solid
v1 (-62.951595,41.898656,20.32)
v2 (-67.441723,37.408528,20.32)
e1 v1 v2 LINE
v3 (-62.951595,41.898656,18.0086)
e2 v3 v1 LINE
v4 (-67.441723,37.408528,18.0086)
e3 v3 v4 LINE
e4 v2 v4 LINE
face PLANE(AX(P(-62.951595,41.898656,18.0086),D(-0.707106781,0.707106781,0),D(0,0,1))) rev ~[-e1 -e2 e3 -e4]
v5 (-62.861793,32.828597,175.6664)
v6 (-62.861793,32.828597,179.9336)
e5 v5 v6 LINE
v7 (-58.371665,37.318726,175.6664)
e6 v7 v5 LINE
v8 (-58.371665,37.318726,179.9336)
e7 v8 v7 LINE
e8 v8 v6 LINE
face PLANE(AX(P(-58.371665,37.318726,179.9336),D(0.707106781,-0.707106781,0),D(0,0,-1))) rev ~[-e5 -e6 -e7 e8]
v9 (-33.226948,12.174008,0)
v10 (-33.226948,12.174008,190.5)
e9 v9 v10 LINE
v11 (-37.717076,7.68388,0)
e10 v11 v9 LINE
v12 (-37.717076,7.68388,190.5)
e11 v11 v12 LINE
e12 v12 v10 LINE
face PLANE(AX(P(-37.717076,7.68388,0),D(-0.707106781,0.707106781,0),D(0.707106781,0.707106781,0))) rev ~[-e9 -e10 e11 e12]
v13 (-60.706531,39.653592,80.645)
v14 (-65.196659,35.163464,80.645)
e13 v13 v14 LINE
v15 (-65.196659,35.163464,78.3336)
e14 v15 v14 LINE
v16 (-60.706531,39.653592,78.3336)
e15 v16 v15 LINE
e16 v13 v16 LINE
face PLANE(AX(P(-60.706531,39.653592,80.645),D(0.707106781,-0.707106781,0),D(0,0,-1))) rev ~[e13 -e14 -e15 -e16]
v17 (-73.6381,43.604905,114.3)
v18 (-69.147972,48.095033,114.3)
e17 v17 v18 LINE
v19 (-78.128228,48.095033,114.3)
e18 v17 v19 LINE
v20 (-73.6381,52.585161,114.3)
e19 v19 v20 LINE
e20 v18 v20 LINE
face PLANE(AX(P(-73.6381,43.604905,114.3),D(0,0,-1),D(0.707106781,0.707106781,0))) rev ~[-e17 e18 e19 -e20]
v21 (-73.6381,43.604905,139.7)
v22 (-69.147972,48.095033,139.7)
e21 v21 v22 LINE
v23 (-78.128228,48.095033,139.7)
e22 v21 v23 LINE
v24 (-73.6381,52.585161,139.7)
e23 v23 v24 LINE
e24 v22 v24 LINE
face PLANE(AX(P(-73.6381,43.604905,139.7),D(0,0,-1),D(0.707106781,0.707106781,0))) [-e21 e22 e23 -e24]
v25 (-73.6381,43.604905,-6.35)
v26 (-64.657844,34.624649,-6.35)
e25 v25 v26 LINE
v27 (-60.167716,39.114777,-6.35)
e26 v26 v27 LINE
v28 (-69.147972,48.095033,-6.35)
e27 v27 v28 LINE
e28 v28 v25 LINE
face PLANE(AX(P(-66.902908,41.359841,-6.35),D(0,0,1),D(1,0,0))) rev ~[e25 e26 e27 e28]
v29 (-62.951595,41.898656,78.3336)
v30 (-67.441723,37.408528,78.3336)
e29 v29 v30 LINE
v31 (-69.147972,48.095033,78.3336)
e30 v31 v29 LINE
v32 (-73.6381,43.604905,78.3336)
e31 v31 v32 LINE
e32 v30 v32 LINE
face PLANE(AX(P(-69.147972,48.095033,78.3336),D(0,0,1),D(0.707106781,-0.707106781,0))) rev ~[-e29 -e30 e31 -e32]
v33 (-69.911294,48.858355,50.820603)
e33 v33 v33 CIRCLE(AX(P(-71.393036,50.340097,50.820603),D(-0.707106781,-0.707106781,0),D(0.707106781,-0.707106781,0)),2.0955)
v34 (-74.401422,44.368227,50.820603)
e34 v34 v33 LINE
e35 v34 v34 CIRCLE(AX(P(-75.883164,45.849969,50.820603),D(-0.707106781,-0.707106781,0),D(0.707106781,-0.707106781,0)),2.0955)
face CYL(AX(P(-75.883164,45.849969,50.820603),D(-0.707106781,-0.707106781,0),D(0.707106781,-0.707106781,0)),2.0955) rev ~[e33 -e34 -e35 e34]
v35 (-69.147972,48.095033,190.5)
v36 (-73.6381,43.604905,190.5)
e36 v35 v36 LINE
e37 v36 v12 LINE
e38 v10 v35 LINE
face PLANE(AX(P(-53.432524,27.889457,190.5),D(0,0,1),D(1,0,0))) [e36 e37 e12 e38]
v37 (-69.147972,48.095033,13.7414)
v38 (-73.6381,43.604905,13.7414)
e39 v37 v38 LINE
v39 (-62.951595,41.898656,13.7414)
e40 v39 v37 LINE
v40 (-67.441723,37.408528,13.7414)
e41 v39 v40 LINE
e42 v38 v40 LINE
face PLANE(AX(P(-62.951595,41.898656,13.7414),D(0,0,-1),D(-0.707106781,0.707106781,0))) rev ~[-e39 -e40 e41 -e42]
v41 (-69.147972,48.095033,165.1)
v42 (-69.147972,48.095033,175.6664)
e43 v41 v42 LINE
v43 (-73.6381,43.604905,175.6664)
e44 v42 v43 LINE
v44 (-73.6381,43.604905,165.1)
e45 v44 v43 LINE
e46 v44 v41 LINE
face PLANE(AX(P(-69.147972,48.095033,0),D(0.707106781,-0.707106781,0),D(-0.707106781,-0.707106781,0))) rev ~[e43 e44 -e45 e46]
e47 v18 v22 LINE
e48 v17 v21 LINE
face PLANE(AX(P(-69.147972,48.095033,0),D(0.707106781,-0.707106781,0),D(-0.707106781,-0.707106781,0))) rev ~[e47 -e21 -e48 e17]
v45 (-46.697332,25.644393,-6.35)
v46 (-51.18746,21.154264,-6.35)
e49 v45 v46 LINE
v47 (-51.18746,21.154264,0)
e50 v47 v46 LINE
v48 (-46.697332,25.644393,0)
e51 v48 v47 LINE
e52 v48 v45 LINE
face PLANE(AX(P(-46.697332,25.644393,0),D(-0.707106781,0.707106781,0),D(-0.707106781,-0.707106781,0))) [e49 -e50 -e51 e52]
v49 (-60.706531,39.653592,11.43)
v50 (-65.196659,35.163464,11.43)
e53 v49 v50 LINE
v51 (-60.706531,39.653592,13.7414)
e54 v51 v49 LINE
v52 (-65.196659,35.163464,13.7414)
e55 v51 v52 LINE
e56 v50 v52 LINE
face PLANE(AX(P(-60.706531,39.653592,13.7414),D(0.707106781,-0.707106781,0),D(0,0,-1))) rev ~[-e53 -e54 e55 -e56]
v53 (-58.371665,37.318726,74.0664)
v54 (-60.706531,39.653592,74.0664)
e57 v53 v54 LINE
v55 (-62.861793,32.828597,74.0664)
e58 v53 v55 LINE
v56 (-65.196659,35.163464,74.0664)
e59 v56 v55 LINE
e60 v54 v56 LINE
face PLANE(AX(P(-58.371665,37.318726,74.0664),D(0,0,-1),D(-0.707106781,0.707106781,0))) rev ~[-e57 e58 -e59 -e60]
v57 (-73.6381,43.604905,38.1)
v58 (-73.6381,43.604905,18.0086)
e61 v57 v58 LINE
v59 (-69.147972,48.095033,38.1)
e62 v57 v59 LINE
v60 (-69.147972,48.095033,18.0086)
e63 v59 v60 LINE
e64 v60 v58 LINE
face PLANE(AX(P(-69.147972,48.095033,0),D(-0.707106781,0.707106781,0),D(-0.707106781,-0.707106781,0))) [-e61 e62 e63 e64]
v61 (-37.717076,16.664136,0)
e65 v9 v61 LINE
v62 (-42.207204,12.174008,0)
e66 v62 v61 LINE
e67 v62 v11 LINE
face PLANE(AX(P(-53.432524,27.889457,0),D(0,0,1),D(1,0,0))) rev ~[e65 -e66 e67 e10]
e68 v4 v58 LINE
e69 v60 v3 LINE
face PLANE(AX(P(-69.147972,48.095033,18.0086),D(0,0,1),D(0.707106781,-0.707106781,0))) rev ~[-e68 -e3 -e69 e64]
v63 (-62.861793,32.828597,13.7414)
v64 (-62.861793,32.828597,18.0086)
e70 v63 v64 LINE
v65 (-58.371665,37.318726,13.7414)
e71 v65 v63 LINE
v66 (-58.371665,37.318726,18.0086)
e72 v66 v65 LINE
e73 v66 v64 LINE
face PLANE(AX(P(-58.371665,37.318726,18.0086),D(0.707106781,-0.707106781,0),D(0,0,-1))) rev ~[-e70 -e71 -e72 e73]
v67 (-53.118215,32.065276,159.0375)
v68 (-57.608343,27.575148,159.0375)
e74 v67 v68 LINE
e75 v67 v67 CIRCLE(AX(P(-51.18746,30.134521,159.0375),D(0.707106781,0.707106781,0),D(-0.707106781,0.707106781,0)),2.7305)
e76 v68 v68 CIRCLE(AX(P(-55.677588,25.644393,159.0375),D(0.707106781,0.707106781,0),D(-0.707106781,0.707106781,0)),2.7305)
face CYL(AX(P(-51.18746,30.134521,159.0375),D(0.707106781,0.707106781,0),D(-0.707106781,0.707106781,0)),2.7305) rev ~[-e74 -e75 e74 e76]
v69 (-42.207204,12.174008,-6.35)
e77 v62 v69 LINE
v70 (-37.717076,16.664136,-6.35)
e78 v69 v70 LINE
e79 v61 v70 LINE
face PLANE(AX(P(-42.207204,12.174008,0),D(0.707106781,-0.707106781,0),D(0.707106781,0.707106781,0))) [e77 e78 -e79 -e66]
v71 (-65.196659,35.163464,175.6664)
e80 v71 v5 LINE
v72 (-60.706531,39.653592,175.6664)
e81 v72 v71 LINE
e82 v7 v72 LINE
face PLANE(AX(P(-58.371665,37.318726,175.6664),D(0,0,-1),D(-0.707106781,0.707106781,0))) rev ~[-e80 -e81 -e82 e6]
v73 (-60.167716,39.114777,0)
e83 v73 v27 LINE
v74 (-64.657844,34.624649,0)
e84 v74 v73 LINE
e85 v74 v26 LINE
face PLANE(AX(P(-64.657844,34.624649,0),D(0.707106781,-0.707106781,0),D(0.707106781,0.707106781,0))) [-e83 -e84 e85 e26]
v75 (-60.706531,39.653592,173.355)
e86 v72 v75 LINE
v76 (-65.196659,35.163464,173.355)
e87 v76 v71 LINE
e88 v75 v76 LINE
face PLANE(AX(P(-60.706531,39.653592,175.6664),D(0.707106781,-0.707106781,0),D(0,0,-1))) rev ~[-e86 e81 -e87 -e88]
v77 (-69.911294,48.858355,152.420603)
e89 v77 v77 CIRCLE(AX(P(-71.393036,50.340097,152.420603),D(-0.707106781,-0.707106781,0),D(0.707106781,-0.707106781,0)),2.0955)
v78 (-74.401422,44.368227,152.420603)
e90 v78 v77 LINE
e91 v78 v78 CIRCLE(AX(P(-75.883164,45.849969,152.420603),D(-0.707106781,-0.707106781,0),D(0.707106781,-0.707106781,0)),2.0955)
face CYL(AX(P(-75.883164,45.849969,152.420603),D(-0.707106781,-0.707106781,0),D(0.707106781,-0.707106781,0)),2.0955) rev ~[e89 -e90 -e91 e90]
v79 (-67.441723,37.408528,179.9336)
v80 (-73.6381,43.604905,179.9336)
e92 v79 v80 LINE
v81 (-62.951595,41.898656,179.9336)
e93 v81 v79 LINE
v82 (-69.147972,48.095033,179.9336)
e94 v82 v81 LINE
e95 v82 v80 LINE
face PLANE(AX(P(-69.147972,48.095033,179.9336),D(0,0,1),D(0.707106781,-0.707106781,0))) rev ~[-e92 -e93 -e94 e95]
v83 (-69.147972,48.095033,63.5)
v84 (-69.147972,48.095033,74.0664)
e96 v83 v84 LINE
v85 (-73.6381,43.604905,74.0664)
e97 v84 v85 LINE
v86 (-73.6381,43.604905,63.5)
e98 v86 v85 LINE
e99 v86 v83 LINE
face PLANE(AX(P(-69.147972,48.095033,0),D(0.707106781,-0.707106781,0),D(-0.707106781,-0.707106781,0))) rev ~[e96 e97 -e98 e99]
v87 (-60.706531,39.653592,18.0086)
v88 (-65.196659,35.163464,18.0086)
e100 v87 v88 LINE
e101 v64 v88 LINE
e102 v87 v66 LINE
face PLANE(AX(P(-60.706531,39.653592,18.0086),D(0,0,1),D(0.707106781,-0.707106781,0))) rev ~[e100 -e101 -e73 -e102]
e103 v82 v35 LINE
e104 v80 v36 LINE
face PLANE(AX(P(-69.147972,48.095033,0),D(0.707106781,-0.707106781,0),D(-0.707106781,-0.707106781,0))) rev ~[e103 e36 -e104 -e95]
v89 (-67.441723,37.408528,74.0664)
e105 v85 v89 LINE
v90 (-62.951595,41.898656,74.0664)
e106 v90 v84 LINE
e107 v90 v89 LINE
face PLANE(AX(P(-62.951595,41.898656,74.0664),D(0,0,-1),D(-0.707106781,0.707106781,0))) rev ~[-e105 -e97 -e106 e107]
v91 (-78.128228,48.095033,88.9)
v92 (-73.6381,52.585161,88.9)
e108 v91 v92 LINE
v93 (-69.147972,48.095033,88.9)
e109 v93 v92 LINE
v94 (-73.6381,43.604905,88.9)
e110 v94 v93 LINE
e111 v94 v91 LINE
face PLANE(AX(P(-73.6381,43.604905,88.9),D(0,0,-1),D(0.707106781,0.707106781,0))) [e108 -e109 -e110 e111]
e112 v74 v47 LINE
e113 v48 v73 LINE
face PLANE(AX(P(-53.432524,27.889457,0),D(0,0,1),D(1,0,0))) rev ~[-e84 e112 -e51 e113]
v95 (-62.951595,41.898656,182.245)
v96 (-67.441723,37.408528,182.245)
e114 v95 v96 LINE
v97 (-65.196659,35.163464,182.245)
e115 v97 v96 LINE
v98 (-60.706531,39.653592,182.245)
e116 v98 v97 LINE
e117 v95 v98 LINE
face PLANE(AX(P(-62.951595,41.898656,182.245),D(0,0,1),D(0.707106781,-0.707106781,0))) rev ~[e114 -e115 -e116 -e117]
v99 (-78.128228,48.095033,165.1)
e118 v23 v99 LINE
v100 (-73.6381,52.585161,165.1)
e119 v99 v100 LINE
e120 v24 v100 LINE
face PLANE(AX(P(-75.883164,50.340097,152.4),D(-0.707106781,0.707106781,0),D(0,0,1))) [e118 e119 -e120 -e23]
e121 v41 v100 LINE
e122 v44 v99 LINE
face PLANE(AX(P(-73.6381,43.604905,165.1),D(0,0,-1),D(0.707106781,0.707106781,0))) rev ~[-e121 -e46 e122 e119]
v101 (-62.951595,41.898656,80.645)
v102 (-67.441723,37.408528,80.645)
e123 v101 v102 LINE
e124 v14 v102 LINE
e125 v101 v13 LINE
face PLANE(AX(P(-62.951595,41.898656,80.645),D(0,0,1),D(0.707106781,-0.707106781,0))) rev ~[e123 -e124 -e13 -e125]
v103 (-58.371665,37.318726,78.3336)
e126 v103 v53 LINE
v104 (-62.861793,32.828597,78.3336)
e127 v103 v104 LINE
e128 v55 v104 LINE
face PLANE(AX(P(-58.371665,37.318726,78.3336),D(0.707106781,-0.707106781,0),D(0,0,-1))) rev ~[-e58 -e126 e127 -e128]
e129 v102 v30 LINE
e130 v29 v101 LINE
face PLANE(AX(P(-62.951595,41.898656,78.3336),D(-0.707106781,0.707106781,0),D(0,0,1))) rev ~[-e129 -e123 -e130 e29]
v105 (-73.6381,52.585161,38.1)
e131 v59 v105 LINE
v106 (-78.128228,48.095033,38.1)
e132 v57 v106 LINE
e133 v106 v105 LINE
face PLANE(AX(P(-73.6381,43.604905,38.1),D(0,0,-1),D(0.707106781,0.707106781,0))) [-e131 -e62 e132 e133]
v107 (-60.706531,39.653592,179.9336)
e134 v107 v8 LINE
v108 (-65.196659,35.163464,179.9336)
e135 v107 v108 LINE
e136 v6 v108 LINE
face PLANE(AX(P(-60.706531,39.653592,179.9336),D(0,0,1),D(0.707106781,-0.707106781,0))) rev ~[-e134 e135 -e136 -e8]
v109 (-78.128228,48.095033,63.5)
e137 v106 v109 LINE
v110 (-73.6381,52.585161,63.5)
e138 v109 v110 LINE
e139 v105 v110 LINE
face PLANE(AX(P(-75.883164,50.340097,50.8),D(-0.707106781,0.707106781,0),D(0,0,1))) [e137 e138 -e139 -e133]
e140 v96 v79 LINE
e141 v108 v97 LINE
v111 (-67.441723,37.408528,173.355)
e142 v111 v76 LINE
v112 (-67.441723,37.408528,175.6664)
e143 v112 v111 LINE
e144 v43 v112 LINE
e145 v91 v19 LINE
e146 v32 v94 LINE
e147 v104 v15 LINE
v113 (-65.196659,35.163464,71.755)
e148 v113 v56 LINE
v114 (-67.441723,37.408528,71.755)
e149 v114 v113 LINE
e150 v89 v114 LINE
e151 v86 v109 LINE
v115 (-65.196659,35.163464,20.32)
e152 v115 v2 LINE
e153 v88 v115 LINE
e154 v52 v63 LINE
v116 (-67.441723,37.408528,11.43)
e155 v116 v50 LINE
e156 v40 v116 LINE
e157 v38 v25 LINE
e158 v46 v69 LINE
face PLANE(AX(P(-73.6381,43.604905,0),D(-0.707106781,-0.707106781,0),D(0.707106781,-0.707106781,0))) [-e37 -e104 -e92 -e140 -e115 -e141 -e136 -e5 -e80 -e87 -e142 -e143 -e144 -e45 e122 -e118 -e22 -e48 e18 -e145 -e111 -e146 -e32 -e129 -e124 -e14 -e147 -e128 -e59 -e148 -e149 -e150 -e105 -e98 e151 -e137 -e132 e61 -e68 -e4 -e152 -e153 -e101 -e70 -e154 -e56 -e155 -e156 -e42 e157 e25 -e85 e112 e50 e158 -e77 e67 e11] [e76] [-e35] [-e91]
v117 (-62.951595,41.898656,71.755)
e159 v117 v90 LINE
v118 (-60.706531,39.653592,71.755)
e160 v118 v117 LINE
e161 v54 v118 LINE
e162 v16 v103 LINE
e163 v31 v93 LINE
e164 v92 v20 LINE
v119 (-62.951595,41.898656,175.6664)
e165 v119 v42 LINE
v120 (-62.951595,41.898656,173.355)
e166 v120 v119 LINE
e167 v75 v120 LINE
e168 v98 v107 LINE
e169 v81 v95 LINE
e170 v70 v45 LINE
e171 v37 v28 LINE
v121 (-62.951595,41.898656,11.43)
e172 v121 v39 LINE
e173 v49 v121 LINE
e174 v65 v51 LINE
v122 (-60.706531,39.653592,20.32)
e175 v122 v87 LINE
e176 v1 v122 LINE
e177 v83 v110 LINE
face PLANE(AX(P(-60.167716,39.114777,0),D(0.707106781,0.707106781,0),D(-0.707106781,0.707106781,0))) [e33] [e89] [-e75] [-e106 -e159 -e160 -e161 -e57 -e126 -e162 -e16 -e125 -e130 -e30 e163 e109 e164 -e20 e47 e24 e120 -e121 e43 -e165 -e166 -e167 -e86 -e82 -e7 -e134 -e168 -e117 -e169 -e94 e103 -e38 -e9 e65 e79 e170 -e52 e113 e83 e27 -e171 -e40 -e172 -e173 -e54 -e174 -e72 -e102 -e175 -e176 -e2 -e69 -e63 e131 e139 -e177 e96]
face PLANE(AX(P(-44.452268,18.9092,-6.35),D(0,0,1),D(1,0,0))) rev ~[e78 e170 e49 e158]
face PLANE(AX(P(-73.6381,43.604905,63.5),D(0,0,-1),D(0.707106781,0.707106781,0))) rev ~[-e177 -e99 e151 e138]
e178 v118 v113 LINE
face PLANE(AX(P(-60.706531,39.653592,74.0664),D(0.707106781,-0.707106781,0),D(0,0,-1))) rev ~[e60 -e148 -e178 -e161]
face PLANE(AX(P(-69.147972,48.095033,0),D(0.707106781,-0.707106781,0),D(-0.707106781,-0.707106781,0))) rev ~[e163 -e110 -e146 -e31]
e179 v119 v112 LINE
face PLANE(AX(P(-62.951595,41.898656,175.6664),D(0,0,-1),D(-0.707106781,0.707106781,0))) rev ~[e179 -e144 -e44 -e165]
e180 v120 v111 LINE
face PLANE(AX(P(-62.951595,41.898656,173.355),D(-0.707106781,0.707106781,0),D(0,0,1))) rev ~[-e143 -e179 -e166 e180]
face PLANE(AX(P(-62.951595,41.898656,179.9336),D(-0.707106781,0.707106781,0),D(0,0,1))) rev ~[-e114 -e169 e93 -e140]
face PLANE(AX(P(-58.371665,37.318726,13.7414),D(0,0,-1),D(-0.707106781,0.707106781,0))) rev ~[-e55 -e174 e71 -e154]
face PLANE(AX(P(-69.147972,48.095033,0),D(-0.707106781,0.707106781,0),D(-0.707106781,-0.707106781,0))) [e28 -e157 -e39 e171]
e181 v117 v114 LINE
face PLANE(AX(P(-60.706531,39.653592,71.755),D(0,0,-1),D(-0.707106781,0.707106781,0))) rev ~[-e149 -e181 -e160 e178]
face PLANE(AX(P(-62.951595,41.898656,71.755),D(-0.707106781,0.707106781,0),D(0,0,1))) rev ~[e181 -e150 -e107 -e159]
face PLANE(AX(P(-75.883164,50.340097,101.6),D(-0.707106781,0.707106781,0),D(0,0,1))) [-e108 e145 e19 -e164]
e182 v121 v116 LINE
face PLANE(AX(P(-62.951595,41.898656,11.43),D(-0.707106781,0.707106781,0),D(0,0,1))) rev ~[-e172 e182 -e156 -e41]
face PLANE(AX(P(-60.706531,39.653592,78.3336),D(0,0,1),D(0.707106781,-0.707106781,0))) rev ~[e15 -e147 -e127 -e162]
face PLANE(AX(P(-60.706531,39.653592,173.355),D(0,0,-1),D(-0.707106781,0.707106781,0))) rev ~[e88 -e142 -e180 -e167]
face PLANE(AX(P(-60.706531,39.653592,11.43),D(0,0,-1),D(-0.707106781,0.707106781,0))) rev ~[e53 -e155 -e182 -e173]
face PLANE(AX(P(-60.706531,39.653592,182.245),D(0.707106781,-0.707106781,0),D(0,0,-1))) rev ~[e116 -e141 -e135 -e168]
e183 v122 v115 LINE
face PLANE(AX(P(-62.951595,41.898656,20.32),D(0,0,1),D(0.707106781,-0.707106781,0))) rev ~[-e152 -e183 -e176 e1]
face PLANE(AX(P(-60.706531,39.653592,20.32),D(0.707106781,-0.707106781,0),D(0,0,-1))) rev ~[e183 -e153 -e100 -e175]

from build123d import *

# Parameters (mm, degrees)
BOSS_EXTRUDE1_DEPTH = 190.5
SKETCH2_W           = 25.4
SKETCH2_H           = 6.35
BOSS_EXTRUDE2_DEPTH = 6.35
LPATTERN1_COUNT     = 3
LPATTERN1_PITCH     = 50.8
BOSS_EXTRUDE3_DEPTH = 6.35
LPATTERN2_COUNT     = 2
LPATTERN2_PITCH     = 31.75
SKETCH4_R           = 2.7305
CUT_EXTRUDE1_DEPTH  = 212.762427449
CUT_EXTRUDE2_DEPTH  = 212.762427449
SKETCH6_R           = 2.0955
CUT_EXTRUDE3_DEPTH  = 212.762427449


with BuildPart() as part:
    # Sketch1 → Boss-Extrude1 (new body)
    with BuildSketch(Plane.XY):
        Polygon((-73.638100193, 43.604904797), (-37.717075708, 7.683880312), (-33.226947648, 12.174008373), (-69.147972132, 48.095032857), align=None)
    extrude(amount=BOSS_EXTRUDE1_DEPTH)

    # Sketch2 → Boss-Extrude2 (add)
    with BuildSketch(Plane(origin=(-58.621502495, 58.621502495, 0), x_dir=(0, 0, 1), z_dir=(-0.7071067811865471, 0.7071067811865479, 0))):
        with Locations((152.4, -18.061676125)):
            Rectangle(SKETCH2_W, SKETCH2_H)
    boss_extrude2 = extrude(amount=BOSS_EXTRUDE2_DEPTH)

    # LPattern1: Boss-Extrude2 ×3
    with Locations(*[(0, 0, -i * LPATTERN1_PITCH) for i in range(1, LPATTERN1_COUNT)]):
        add(boss_extrude2)

    # Sketch3 → Boss-Extrude3 (add)
    with BuildSketch(Plane(origin=(0, 0, 0), x_dir=(-1, 0, 0), z_dir=(0, 0, -1))):
        Polygon((73.638100193, 43.604904797), (64.657844072, 34.624648676), (60.167716011, 39.114776736), (69.147972132, 48.095032857), align=None)
    boss_extrude3 = extrude(amount=BOSS_EXTRUDE3_DEPTH)

    # LPattern2: Boss-Extrude3 ×2
    with Locations(*[Vector(0.7071067811865476, -0.7071067811865476, 0) * (i * LPATTERN2_PITCH) for i in range(1, LPATTERN2_COUNT)]):
        add(boss_extrude3)

    # Sketch4 → Cut-Extrude1 (cut, through all)
    with BuildSketch(Plane(origin=(-10.526469638, -10.526469638, 0), x_dir=(0, 0, -1), z_dir=(0.7071067811865482, 0.7071067811865468, 0))):
        with Locations(Location((-159.0375, 57.503323875, 0), (0, 0, 90))):
            Circle(SKETCH4_R)
    extrude(amount=-CUT_EXTRUDE1_DEPTH, mode=Mode.SUBTRACT)

    # Sketch5 → Cut-Extrude2 (cut, through all)
    with BuildSketch(Plane(origin=(-10.526469638, -10.526469638, 0), x_dir=(0, 0, -1), z_dir=(0.7071067811865487, 0.7071067811865465, 0))):
        Polygon((-175.6664, 82.903323875), (-179.9336, 82.903323875), (-179.9336, 74.140323875), (-182.245, 74.140323875), (-182.245, 70.965323875), (-179.9336, 70.965323875), (-179.9336, 67.663323875), (-175.6664, 67.663323875), (-175.6664, 70.965323875), (-173.355, 70.965323875), (-173.355, 74.140323875), (-175.6664, 74.140323875), align=None)
        Polygon((-74.0664, 82.903323875), (-78.3336, 82.903323875), (-78.3336, 74.140323875), (-80.645, 74.140323875), (-80.645, 70.965323875), (-78.3336, 70.965323875), (-78.3336, 67.663323875), (-74.0664, 67.663323875), (-74.0664, 70.965323875), (-71.755, 70.965323875), (-71.755, 74.140323875), (-74.0664, 74.140323875), align=None)
        Polygon((-13.7414, 82.903323875), (-18.0086, 82.903323875), (-18.0086, 74.140323875), (-20.32, 74.140323875), (-20.32, 70.965323875), (-18.0086, 70.965323875), (-18.0086, 67.663323875), (-13.7414, 67.663323875), (-13.7414, 70.965323875), (-11.43, 70.965323875), (-11.43, 74.140323875), (-13.7414, 74.140323875), align=None)
    extrude(amount=-CUT_EXTRUDE2_DEPTH, mode=Mode.SUBTRACT)

    # Sketch6 → Cut-Extrude3 (cut, through all)
    with BuildSketch(Plane(origin=(-15.016597698, -15.016597698, 0), x_dir=(0, 0, 1), z_dir=(-0.7071067811865486, -0.7071067811865465, 0))):
        with Locations(Location((152.42060291, 86.078323875, 0), (0, 0, 270))):
            Circle(SKETCH6_R)
        with Locations(Location((50.82060291, 86.078323875, 0), (0, 0, 270))):
            Circle(SKETCH6_R)
    extrude(amount=-CUT_EXTRUDE3_DEPTH, mode=Mode.SUBTRACT)


solid = part.part
